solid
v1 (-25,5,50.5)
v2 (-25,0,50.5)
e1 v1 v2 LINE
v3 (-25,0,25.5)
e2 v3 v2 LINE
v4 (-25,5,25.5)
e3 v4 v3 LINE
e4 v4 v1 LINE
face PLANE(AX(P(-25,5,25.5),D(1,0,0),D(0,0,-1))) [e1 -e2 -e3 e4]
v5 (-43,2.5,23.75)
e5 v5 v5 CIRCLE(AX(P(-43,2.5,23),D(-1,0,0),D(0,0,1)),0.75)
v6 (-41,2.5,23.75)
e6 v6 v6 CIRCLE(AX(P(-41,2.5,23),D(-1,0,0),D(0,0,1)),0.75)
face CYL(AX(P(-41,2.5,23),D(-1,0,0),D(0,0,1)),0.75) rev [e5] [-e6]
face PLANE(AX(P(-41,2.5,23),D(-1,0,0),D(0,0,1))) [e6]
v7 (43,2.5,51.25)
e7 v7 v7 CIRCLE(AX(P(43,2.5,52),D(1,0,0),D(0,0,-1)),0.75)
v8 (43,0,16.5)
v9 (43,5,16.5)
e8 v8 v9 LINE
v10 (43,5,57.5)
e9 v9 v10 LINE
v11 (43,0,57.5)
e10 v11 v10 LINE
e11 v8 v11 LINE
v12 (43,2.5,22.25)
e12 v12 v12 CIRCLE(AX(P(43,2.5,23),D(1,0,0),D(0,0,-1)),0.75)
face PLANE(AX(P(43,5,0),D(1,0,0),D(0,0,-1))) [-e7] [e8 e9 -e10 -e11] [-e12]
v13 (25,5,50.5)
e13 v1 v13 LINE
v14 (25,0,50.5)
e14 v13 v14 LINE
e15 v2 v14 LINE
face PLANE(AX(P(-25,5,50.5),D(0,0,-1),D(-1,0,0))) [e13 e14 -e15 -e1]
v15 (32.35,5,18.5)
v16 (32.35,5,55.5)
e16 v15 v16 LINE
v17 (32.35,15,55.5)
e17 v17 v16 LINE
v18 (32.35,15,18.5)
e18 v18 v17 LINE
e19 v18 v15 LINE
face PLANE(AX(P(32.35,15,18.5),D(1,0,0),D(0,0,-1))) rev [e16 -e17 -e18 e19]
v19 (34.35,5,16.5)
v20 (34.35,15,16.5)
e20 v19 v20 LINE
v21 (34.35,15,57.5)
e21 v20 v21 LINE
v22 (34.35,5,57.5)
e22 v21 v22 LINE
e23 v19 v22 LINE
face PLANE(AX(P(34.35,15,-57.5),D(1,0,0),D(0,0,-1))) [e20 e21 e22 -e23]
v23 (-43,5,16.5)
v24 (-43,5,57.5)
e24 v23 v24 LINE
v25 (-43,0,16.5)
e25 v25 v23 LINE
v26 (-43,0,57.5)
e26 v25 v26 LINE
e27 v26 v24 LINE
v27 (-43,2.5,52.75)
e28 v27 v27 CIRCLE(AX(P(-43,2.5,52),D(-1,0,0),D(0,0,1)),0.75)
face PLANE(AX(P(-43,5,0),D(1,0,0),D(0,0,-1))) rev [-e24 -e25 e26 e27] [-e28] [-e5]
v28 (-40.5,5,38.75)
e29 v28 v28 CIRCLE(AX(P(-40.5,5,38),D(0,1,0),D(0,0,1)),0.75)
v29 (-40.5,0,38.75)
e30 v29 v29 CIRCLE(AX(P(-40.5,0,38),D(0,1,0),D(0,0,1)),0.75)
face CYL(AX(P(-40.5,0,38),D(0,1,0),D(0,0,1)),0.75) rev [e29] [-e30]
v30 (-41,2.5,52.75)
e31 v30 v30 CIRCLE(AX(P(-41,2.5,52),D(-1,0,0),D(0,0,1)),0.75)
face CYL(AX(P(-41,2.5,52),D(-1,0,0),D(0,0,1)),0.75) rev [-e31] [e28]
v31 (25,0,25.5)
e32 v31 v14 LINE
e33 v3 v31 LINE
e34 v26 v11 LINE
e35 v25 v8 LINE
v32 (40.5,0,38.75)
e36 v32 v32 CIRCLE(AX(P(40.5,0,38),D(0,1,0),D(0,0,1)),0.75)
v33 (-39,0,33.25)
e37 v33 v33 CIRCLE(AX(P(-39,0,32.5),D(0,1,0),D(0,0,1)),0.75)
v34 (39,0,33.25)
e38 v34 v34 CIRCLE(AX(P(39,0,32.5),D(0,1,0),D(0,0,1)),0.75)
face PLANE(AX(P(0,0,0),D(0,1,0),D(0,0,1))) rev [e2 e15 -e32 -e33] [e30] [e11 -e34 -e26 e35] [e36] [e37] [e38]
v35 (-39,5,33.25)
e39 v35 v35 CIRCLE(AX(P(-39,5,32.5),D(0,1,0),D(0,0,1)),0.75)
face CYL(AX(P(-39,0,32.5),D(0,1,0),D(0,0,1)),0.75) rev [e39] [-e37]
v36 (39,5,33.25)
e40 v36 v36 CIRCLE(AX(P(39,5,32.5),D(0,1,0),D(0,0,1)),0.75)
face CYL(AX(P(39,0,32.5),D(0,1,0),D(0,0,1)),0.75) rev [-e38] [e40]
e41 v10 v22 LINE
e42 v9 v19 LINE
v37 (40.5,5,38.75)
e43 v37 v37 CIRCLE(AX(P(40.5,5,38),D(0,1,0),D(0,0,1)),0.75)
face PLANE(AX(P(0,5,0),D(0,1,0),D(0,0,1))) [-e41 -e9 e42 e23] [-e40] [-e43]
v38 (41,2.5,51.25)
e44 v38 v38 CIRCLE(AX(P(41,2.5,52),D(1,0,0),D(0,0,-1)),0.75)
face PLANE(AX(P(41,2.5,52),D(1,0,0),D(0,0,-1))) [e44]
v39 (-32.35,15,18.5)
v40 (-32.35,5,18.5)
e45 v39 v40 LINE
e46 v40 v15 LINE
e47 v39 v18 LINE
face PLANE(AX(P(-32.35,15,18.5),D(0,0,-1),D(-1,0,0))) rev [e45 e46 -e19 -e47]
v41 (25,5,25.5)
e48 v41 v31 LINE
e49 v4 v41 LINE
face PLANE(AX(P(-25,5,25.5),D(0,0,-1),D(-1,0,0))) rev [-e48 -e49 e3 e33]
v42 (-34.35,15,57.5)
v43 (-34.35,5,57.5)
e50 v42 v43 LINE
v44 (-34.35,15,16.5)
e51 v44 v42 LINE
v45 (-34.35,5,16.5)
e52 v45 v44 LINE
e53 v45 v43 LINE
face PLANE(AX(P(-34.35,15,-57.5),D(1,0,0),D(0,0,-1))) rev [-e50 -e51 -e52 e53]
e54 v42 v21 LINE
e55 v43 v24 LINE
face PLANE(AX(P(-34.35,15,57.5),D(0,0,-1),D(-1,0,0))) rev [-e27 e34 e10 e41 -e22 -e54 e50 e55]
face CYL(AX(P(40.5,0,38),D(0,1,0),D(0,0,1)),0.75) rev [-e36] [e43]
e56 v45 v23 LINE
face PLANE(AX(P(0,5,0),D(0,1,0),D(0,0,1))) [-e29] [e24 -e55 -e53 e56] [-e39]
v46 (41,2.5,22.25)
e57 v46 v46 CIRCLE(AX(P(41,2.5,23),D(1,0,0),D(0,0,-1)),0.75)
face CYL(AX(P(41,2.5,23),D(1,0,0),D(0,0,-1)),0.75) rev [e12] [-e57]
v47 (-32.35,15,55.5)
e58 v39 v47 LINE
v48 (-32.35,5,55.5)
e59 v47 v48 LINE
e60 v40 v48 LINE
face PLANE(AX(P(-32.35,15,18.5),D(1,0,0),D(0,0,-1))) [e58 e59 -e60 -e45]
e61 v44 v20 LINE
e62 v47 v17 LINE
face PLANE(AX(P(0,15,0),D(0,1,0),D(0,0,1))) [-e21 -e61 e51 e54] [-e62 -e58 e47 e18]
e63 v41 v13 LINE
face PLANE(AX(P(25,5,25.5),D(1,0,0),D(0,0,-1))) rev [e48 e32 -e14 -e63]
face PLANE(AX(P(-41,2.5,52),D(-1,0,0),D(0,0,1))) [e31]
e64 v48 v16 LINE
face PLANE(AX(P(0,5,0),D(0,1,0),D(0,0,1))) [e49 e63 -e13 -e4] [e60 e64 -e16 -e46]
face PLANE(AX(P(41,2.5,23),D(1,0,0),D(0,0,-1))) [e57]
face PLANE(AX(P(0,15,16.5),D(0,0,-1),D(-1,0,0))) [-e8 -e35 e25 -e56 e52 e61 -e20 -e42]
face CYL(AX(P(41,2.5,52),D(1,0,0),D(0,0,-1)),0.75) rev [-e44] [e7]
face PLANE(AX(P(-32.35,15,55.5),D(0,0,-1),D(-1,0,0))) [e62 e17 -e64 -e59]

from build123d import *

# Parameters (mm, degrees)
SKETCH_1_W          = 86
SKETCH_1_H          = 174
SKETCH_1_W_2        = 50
SKETCH_1_H_2        = 25
SKETCH_1_H_3        = 55
SKETCH_1_W_3        = 76
SKETCH_1_H_4        = 43
EXTRUDE_1_DEPTH     = 5
SKETCH_4_W          = 68.7
SKETCH_4_H          = 115
SKETCH_4_W_2        = 64.7
SKETCH_4_H_2        = 37
SKETCH_4_H_3        = 70
EXTRUDE_2_DEPTH     = 10
SKETCH_5_R          = 0.75
CUT_EXTRUDE_1_DEPTH = 122.783619588
SKETCH_7_W          = 15
SKETCH_7_H          = 8
SKETCH_7_W_2        = 26
SKETCH_7_W_3        = 5
SKETCH_7_H_2        = 10
SKETCH_7_H_3        = 12.119700025
SKETCH_7_W_4        = 6
SKETCH_7_H_4        = 5
SKETCH_7_W_5        = 7
SKETCH_7_H_5        = 21
CUT_EXTRUDE_2_DEPTH = 2
SKETCH_8_R          = 0.75
CUT_EXTRUDE_3_DEPTH = 2
CUT_EXTRUDE_START   = -84
SKETCH_8_3_R        = 0.75
CUT_EXTRUDE_4_DEPTH = 2
SKETCH_9_R          = 0.75
SKETCH_9_W          = 50
SKETCH_9_H          = 55
SKETCH_9_W_2        = 86
SKETCH_9_H_2        = 56
SKETCH_9_W_3        = 76
SKETCH_9_H_3        = 43
CUT_EXTRUDE_5_DEPTH = 123.295748086


with BuildPart() as part:
    # 草图1 → 凸台-拉伸1 (new body)
    with BuildSketch(Plane(origin=(0, 0, 0), x_dir=(1, 0, 0), z_dir=(0, 1, 0))):
        with Locations((0, -26.5)):
            Rectangle(SKETCH_1_W, SKETCH_1_H)
        with Locations((0, -38)):
            Rectangle(SKETCH_1_W_2, SKETCH_1_H_2, mode=Mode.SUBTRACT)
        with Locations((0, 23)):
            Rectangle(SKETCH_1_W_2, SKETCH_1_H_3, mode=Mode.SUBTRACT)
        with Locations((0, -87)):
            Rectangle(SKETCH_1_W_3, SKETCH_1_H_4, mode=Mode.SUBTRACT)
    extrude(amount=EXTRUDE_1_DEPTH)

    # 草图4 → 凸台-拉伸2 (add)
    with BuildSketch(Plane(origin=(0, 5, 0), x_dir=(1, 0, 0), z_dir=(0, 1, 0))):
        Rectangle(SKETCH_4_W, SKETCH_4_H)
        with Locations((0, -37)):
            Rectangle(SKETCH_4_W_2, SKETCH_4_H_2, mode=Mode.SUBTRACT)
        with Locations((0, 20.5)):
            Rectangle(SKETCH_4_W_2, SKETCH_4_H_3, mode=Mode.SUBTRACT)
    extrude(amount=EXTRUDE_2_DEPTH)

    # 草图5 → 切除-拉伸1 (cut, through all)
    with BuildSketch(Plane(origin=(0, 5, 0), x_dir=(1, 0, 0), z_dir=(0, 1, 0))):
        with Locations(Location((-39, 20.5, 0), (0, 0, 270))):
            Circle(SKETCH_5_R)
        with Locations(Location((39, 20.5, 0), (0, 0, 270))):
            Circle(SKETCH_5_R)
        with Locations(Location((-39, -32.5, 0), (0, 0, 270))):
            Circle(SKETCH_5_R)
        with Locations(Location((39, -32.5, 0), (0, 0, 270))):
            Circle(SKETCH_5_R)
        with Locations(Location((-40.1427775, -60.35, 0), (0, 0, 270))):
            Circle(SKETCH_5_R)
        with Locations(Location((40.1427775, -60.35, 0), (0, 0, 270))):
            Circle(SKETCH_5_R)
        with Locations(Location((-40.1427775, -110.530299975, 0), (0, 0, 270))):
            Circle(SKETCH_5_R)
        with Locations(Location((40.1427775, -110.530299975, 0), (0, 0, 270))):
            Circle(SKETCH_5_R)
        with Locations(Location((-40.5, 57.5, 0), (0, 0, 270))):
            Circle(SKETCH_5_R)
        with Locations(Location((-40.5, -38, 0), (0, 0, 270))):
            Circle(SKETCH_5_R)
        with Locations(Location((-40.5, -85.5, 0), (0, 0, 270))):
            Circle(SKETCH_5_R)
        with Locations(Location((40.5, 57.5, 0), (0, 0, 270))):
            Circle(SKETCH_5_R)
        with Locations(Location((40.5, -38, 0), (0, 0, 270))):
            Circle(SKETCH_5_R)
        with Locations(Location((40.5, -85.5, 0), (0, 0, 270))):
            Circle(SKETCH_5_R)
        with Locations(Location((-40.5, -4.5, 0), (0, 0, 270))):
            Circle(SKETCH_5_R)
        with Locations(Location((40.5, -4.5, 0), (0, 0, 270))):
            Circle(SKETCH_5_R)
    extrude(amount=-CUT_EXTRUDE_1_DEPTH, mode=Mode.SUBTRACT)

    # 草图7 → 切除-拉伸2 (cut)
    with BuildSketch(Plane(origin=(0, 5, 0), x_dir=(1, 0, 0), z_dir=(0, 1, 0))):
        with Locations((-24.5, -61.5)):
            Rectangle(SKETCH_7_W, SKETCH_7_H)
        with Locations((0, -61.5)):
            Rectangle(SKETCH_7_W_2, SKETCH_7_H)
        with Locations((-40.5, -78.5)):
            Rectangle(SKETCH_7_W_3, SKETCH_7_H_2)
        with Locations((-40.5, -101.440149988)):
            Rectangle(SKETCH_7_W_3, SKETCH_7_H_3)
        with Locations((-32, -111)):
            Rectangle(SKETCH_7_W_4, SKETCH_7_H_4)
        with Locations((-3, -111)):
            Rectangle(SKETCH_7_W_4, SKETCH_7_H_4)
        with Locations((17.5, -111)):
            Rectangle(SKETCH_7_W_5, SKETCH_7_H_4)
        with Locations((30.5, -111)):
            Rectangle(SKETCH_7_W_5, SKETCH_7_H_4)
        with Locations((40.5, -92)):
            Rectangle(SKETCH_7_W_3, SKETCH_7_H_5)
    extrude(amount=-CUT_EXTRUDE_2_DEPTH, mode=Mode.SUBTRACT)

    # 草图8 → 切除-拉伸3 (cut)
    with BuildSketch(Plane.ZY.offset(43)):
        with Locations((8, 2.5)):
            Circle(SKETCH_8_R)
        with Locations((23, 2.5)):
            Circle(SKETCH_8_R)
        with Locations((52, 2.5)):
            Circle(SKETCH_8_R)
        with Locations((63, 2.5)):
            Circle(SKETCH_8_R)
    extrude(amount=-CUT_EXTRUDE_3_DEPTH, mode=Mode.SUBTRACT)

    # 草图8<3> → 切除-拉伸4 (cut)
    with BuildSketch(Plane.ZY.offset(43).offset(CUT_EXTRUDE_START)):
        with Locations((8, 2.5)):
            Circle(SKETCH_8_3_R)
        with Locations((23, 2.5)):
            Circle(SKETCH_8_3_R)
        with Locations((52, 2.5)):
            Circle(SKETCH_8_3_R)
        with Locations((63, 2.5)):
            Circle(SKETCH_8_3_R)
    extrude(amount=-CUT_EXTRUDE_4_DEPTH, mode=Mode.SUBTRACT)

    # 草图9 → 切除-拉伸5 (cut, through all)
    # profile 1 of 2: a face of its own
    with BuildSketch(Plane(origin=(0, 0, 0), x_dir=(1, 0, 0), z_dir=(0, 1, 0))):
        Polygon((-43, 60.5), (-43, -16.5), (0, -16.5), (43, -16.5), (43, 60.5), align=None)
        with Locations((-40.5, -4.5)):
            Circle(SKETCH_9_R, mode=Mode.SUBTRACT)
        with Locations((-39, 20.5)):
            Circle(SKETCH_9_R, mode=Mode.SUBTRACT)
        with Locations((-40.5, 57.5)):
            Circle(SKETCH_9_R, mode=Mode.SUBTRACT)
        with Locations((0, 23)):
            Rectangle(SKETCH_9_W, SKETCH_9_H, mode=Mode.SUBTRACT)
        with Locations((40.5, -4.5)):
            Circle(SKETCH_9_R, mode=Mode.SUBTRACT)
        with Locations((39, 20.5)):
            Circle(SKETCH_9_R, mode=Mode.SUBTRACT)
        with Locations((40.5, 57.5)):
            Circle(SKETCH_9_R, mode=Mode.SUBTRACT)
    # profile 2 of 2: a face of its own
    with BuildSketch(Plane(origin=(0, 0, 0), x_dir=(1, 0, 0), z_dir=(0, 1, 0))):
        with Locations((0, -85.5)):
            Rectangle(SKETCH_9_W_2, SKETCH_9_H_2)
        with Locations((-40.1427775, -110.530299975)):
            Circle(SKETCH_9_R, mode=Mode.SUBTRACT)
        with Locations((-40.5, -85.5)):
            Circle(SKETCH_9_R, mode=Mode.SUBTRACT)
        with Locations((0, -87)):
            Rectangle(SKETCH_9_W_3, SKETCH_9_H_3, mode=Mode.SUBTRACT)
        with Locations((-40.1427775, -60.35)):
            Circle(SKETCH_9_R, mode=Mode.SUBTRACT)
        with Locations((40.1427775, -110.530299975)):
            Circle(SKETCH_9_R, mode=Mode.SUBTRACT)
        with Locations((40.5, -85.5)):
            Circle(SKETCH_9_R, mode=Mode.SUBTRACT)
        with Locations((40.1427775, -60.35)):
            Circle(SKETCH_9_R, mode=Mode.SUBTRACT)
    extrude(amount=CUT_EXTRUDE_5_DEPTH, mode=Mode.SUBTRACT)


solid = part.part
